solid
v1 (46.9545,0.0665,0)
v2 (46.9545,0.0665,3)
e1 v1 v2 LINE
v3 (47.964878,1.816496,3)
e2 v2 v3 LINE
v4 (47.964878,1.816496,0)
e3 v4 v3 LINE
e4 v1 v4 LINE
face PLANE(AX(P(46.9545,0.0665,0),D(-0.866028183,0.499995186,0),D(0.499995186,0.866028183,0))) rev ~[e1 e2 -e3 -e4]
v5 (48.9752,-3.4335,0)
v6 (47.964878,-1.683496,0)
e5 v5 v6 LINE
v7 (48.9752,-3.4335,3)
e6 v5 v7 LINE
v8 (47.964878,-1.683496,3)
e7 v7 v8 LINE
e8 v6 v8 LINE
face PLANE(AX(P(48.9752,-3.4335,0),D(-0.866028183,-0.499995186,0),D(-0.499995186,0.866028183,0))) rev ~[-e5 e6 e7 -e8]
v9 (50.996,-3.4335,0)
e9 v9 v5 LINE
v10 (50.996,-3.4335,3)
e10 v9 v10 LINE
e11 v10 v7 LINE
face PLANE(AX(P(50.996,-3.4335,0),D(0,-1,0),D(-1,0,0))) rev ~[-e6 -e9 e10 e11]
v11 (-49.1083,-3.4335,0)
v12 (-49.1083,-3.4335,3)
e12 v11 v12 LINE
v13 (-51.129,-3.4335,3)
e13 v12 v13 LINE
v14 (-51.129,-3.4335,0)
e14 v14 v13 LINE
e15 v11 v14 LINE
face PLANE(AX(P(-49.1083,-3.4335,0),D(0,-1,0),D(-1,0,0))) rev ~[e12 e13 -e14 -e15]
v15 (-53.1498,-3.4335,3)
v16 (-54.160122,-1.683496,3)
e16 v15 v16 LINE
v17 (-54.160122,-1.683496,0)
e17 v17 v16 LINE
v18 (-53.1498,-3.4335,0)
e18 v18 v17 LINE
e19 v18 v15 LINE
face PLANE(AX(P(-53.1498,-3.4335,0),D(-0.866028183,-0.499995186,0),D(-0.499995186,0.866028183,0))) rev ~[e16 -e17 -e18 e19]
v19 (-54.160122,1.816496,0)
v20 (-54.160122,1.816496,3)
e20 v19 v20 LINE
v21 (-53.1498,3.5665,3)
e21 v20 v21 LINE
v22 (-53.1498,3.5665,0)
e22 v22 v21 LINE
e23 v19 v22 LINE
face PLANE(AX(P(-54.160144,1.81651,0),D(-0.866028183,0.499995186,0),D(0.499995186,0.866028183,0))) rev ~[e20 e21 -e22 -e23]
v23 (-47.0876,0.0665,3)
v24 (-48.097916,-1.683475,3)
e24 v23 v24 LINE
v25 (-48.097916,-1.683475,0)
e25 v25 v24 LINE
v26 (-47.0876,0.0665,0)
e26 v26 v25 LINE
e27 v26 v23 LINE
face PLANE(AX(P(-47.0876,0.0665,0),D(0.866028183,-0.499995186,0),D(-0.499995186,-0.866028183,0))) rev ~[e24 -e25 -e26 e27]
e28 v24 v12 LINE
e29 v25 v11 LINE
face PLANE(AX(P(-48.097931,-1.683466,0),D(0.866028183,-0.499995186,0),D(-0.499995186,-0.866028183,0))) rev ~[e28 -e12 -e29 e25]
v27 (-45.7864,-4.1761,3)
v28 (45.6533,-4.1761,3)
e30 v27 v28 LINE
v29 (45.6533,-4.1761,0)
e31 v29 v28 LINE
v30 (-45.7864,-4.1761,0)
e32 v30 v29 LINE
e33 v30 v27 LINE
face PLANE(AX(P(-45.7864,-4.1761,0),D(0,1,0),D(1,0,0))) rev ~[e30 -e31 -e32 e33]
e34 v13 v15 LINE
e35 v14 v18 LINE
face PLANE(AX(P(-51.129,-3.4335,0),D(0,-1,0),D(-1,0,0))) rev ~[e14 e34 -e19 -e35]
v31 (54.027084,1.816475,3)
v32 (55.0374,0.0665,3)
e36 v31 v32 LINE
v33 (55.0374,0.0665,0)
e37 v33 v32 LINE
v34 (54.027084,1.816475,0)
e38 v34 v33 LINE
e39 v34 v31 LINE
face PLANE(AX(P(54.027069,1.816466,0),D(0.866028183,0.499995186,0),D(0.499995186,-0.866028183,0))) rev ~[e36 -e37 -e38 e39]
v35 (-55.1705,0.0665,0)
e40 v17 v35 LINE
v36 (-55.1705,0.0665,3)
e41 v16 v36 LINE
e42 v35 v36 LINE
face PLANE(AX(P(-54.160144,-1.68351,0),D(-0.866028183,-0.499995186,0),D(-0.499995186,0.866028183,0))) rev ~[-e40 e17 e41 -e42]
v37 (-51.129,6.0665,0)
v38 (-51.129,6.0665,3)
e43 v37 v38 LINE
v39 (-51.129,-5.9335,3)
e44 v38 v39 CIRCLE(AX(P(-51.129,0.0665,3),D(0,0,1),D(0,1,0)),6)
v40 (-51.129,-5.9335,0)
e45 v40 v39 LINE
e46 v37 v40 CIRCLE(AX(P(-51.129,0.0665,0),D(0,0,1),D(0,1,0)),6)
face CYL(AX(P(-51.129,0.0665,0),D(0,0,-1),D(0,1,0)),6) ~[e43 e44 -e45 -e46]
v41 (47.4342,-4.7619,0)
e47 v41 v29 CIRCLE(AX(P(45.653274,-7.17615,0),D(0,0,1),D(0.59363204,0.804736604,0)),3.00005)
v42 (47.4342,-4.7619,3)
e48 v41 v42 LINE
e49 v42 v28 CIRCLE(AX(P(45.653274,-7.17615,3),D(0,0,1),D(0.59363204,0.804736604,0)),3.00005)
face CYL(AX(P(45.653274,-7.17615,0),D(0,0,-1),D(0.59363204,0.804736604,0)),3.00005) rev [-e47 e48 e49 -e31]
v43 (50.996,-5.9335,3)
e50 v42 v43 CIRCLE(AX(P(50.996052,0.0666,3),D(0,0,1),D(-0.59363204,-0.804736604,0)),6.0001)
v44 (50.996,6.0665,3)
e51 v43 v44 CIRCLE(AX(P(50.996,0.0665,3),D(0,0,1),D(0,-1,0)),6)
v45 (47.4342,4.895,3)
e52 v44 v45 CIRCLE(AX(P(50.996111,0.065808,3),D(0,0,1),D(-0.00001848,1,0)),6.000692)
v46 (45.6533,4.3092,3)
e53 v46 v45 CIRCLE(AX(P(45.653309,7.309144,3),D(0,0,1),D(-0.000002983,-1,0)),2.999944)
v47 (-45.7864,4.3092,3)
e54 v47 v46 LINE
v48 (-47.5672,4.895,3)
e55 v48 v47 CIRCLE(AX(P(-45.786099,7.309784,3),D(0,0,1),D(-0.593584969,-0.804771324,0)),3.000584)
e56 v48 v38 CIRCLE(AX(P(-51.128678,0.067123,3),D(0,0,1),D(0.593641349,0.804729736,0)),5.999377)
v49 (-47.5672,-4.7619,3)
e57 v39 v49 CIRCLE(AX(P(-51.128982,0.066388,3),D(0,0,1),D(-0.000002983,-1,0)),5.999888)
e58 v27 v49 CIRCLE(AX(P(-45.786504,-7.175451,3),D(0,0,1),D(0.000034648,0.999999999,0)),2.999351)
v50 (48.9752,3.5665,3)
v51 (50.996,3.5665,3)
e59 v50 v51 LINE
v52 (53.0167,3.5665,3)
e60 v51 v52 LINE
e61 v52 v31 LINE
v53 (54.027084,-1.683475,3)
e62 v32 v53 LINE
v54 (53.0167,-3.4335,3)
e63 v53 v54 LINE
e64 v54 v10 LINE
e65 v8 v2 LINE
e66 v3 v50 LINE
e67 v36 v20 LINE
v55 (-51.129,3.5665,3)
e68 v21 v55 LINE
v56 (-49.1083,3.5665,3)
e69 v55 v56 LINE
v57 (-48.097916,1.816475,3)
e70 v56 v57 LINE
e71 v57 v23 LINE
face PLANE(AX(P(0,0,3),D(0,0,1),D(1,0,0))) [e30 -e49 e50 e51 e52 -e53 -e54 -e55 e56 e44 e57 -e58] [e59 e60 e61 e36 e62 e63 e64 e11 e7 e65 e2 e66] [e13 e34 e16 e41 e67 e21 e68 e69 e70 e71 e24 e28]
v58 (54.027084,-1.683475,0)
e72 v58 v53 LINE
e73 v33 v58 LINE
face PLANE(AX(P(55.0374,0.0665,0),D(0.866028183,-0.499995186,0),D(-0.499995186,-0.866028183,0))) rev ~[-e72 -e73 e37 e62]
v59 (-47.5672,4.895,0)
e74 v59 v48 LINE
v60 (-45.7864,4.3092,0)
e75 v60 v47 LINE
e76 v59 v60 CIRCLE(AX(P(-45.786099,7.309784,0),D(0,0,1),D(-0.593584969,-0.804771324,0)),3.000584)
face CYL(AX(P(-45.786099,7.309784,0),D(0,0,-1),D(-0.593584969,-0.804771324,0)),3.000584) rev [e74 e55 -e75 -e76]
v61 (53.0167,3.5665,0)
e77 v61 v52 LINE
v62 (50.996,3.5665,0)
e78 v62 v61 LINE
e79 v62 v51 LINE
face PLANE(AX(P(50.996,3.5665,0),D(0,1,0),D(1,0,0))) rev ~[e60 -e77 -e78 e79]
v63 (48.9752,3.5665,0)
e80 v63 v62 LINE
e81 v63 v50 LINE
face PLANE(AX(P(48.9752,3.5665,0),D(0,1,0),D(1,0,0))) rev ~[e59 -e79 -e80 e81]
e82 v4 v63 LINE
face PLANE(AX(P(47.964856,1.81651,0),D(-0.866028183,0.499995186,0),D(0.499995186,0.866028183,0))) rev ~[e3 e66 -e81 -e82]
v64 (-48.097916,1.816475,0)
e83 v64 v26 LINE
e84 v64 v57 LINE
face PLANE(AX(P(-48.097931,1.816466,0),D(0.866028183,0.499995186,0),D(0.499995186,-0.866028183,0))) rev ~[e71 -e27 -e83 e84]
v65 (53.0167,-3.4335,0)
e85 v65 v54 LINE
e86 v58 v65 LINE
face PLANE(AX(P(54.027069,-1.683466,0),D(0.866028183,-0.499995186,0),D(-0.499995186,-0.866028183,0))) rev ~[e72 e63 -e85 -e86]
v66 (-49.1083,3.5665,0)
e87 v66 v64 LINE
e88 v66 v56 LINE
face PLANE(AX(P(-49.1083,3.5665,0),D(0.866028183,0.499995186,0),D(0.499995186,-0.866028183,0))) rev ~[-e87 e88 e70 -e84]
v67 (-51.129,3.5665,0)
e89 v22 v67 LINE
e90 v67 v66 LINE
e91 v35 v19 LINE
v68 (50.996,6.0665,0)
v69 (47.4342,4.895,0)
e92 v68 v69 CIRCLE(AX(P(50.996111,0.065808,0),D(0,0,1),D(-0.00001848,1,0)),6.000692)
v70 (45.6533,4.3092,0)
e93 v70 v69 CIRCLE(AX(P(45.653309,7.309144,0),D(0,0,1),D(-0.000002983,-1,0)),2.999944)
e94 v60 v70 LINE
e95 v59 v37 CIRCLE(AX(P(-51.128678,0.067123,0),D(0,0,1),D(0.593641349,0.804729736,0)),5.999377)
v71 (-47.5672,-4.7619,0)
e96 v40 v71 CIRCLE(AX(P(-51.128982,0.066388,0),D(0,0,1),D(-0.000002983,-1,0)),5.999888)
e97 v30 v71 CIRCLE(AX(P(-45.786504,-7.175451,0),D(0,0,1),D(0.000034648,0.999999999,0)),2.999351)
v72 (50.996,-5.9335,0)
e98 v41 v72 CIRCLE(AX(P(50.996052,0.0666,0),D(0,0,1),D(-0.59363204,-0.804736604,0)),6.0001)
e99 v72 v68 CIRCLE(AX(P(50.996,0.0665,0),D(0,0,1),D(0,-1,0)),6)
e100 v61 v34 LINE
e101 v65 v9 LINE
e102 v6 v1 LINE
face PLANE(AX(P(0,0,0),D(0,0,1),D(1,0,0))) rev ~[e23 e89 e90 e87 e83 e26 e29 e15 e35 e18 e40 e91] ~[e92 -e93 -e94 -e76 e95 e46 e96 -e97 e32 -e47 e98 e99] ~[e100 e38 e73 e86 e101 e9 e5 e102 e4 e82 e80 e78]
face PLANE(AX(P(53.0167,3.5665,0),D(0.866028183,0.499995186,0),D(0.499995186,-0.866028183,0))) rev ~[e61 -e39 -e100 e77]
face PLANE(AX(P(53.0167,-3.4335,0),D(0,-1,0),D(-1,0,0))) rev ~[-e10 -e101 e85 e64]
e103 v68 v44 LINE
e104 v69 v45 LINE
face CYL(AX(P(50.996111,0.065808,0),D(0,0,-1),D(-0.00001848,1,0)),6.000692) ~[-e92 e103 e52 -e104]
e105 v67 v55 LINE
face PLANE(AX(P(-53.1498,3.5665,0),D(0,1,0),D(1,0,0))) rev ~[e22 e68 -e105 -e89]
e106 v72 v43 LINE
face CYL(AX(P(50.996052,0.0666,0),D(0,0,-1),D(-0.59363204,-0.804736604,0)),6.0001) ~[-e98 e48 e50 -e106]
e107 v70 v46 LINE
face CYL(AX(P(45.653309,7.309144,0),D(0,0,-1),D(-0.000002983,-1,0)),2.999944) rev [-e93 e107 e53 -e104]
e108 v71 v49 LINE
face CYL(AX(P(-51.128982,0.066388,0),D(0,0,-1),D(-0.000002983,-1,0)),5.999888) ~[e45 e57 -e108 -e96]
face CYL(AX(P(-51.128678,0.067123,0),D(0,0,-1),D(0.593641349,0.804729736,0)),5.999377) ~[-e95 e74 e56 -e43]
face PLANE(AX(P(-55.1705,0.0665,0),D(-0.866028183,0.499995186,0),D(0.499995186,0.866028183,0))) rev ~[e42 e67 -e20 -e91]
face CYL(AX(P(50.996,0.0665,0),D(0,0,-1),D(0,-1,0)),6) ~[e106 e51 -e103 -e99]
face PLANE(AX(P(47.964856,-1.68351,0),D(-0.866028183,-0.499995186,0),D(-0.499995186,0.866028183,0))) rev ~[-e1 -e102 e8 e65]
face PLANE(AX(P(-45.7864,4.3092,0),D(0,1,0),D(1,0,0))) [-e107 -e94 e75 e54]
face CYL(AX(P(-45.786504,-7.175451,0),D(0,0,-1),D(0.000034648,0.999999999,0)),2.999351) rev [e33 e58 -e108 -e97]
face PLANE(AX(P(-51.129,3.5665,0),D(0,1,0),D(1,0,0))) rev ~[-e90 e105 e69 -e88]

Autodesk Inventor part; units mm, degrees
ref_plane "YZ Plane" through (0, 0, 0) normal (1, 0, 0) x (0, 1, 0)
ref_plane "XZ Plane" through (0, 0, 0) normal (0, 1, 0) x (-1, 0, 0)
ref_plane "XY Plane" through (0, 0, 0) normal (0, 0, 1) x (1, 0, 0)
sketch "Sketch1" plane through (0, 0, 0) normal (0, 0, 1) x (1, 0, 0)
  circle A0 centre (-51.129, 0.0665) radius 3.5
  circle A1 centre (50.996, 0.0665) radius 3.5
  arc A2 (-51.129, 6.0665) -> (-51.129, -5.9335) centre (-51.129, 0.0665) ccw
  arc A3 (50.996, -5.9335) -> (50.996, 6.0665) centre (50.996, 0.0665) ccw
  arc A4 (-51.129, -5.9335) -> (-47.5672, -4.7619) centre (-51.129, 0.0665) ccw
  line L0 (-51.129, 0.0665) -> (-46.8864, -4.1761) construction
  line L1 (-51.129, 0.0665) -> (-51.129, -5.9335) construction
  arc A5 (-47.5672, 4.895) -> (-51.129, 6.0665) centre (-51.129, 0.0665) ccw
  line L2 (-51.129, 0.0665) -> (-46.8864, 4.3092) construction
  line L3 (-51.129, 0.0665) -> (-51.129, 6.0665) construction
  arc A6 (50.996, 6.0665) -> (47.4342, 4.895) centre (50.996, 0.0665) ccw
  line L4 (50.996, 0.0665) -> (46.7533, 4.3092) construction
  line L5 (50.996, 0.0665) -> (50.996, 6.0665) construction
  arc A7 (47.4342, -4.7619) -> (50.996, -5.9335) centre (50.996, 0.0665) ccw
  line L6 (50.996, 0.0665) -> (46.7533, -4.1761) construction
  line L7 (50.996, 0.0665) -> (50.996, -5.9335) construction
  line L8 (-45.7864, 4.3092) -> (45.6533, 4.3092)
  line L9 (-45.7864, -4.1761) -> (45.6533, -4.1761)
  arc A8 (-47.5672, 4.895) -> (-45.7864, 4.3092) centre (-45.7864, 7.3092) ccw
  arc A9 (-45.7864, -4.1761) -> (-47.5672, -4.7619) centre (-45.7864, -7.1761) ccw
  arc A10 (45.6533, 4.3092) -> (47.4342, 4.895) centre (45.6533, 7.3092) ccw
  arc A11 (47.4342, -4.7619) -> (45.6533, -4.1761) centre (45.6533, -7.1761) ccw
  line L10 (-47.0876, 0.0665) -> (-49.1083, -3.4335)
  line L11 (-49.1083, -3.4335) -> (-53.1498, -3.4335)
  line L12 (-53.1498, -3.4335) -> (-55.1705, 0.0665)
  line L13 (-55.1705, 0.0665) -> (-53.1498, 3.5665)
  line L14 (-53.1498, 3.5665) -> (-49.1083, 3.5665)
  line L15 (-49.1083, 3.5665) -> (-47.0876, 0.0665)
  line L16 (55.0374, 0.0665) -> (53.0167, -3.4335)
  line L17 (53.0167, -3.4335) -> (48.9752, -3.4335)
  line L18 (48.9752, -3.4335) -> (46.9545, 0.0665)
  line L19 (46.9545, 0.0665) -> (48.9752, 3.5665)
  line L20 (48.9752, 3.5665) -> (53.0167, 3.5665)
  line L21 (53.0167, 3.5665) -> (55.0374, 0.0665)
  point P0 (0, 0)
  point P1 (46.7533, 4.3092)
  dimension "d0" = 7
  dimension "d1" = 7
  dimension "d2" = 102.125
  dimension "d3" = 6
  dimension "d4" = 6
  dimension "d5" = 45
  dimension "d6" = 45
  dimension "d7" = 45
  dimension "d8" = 45
  dimension "d9" = 3
extrude "Extrusion2" add sketch "Sketch1" along normal blind 3
properties part number "2P.03.01.17.ZW.AileronCoupler"
